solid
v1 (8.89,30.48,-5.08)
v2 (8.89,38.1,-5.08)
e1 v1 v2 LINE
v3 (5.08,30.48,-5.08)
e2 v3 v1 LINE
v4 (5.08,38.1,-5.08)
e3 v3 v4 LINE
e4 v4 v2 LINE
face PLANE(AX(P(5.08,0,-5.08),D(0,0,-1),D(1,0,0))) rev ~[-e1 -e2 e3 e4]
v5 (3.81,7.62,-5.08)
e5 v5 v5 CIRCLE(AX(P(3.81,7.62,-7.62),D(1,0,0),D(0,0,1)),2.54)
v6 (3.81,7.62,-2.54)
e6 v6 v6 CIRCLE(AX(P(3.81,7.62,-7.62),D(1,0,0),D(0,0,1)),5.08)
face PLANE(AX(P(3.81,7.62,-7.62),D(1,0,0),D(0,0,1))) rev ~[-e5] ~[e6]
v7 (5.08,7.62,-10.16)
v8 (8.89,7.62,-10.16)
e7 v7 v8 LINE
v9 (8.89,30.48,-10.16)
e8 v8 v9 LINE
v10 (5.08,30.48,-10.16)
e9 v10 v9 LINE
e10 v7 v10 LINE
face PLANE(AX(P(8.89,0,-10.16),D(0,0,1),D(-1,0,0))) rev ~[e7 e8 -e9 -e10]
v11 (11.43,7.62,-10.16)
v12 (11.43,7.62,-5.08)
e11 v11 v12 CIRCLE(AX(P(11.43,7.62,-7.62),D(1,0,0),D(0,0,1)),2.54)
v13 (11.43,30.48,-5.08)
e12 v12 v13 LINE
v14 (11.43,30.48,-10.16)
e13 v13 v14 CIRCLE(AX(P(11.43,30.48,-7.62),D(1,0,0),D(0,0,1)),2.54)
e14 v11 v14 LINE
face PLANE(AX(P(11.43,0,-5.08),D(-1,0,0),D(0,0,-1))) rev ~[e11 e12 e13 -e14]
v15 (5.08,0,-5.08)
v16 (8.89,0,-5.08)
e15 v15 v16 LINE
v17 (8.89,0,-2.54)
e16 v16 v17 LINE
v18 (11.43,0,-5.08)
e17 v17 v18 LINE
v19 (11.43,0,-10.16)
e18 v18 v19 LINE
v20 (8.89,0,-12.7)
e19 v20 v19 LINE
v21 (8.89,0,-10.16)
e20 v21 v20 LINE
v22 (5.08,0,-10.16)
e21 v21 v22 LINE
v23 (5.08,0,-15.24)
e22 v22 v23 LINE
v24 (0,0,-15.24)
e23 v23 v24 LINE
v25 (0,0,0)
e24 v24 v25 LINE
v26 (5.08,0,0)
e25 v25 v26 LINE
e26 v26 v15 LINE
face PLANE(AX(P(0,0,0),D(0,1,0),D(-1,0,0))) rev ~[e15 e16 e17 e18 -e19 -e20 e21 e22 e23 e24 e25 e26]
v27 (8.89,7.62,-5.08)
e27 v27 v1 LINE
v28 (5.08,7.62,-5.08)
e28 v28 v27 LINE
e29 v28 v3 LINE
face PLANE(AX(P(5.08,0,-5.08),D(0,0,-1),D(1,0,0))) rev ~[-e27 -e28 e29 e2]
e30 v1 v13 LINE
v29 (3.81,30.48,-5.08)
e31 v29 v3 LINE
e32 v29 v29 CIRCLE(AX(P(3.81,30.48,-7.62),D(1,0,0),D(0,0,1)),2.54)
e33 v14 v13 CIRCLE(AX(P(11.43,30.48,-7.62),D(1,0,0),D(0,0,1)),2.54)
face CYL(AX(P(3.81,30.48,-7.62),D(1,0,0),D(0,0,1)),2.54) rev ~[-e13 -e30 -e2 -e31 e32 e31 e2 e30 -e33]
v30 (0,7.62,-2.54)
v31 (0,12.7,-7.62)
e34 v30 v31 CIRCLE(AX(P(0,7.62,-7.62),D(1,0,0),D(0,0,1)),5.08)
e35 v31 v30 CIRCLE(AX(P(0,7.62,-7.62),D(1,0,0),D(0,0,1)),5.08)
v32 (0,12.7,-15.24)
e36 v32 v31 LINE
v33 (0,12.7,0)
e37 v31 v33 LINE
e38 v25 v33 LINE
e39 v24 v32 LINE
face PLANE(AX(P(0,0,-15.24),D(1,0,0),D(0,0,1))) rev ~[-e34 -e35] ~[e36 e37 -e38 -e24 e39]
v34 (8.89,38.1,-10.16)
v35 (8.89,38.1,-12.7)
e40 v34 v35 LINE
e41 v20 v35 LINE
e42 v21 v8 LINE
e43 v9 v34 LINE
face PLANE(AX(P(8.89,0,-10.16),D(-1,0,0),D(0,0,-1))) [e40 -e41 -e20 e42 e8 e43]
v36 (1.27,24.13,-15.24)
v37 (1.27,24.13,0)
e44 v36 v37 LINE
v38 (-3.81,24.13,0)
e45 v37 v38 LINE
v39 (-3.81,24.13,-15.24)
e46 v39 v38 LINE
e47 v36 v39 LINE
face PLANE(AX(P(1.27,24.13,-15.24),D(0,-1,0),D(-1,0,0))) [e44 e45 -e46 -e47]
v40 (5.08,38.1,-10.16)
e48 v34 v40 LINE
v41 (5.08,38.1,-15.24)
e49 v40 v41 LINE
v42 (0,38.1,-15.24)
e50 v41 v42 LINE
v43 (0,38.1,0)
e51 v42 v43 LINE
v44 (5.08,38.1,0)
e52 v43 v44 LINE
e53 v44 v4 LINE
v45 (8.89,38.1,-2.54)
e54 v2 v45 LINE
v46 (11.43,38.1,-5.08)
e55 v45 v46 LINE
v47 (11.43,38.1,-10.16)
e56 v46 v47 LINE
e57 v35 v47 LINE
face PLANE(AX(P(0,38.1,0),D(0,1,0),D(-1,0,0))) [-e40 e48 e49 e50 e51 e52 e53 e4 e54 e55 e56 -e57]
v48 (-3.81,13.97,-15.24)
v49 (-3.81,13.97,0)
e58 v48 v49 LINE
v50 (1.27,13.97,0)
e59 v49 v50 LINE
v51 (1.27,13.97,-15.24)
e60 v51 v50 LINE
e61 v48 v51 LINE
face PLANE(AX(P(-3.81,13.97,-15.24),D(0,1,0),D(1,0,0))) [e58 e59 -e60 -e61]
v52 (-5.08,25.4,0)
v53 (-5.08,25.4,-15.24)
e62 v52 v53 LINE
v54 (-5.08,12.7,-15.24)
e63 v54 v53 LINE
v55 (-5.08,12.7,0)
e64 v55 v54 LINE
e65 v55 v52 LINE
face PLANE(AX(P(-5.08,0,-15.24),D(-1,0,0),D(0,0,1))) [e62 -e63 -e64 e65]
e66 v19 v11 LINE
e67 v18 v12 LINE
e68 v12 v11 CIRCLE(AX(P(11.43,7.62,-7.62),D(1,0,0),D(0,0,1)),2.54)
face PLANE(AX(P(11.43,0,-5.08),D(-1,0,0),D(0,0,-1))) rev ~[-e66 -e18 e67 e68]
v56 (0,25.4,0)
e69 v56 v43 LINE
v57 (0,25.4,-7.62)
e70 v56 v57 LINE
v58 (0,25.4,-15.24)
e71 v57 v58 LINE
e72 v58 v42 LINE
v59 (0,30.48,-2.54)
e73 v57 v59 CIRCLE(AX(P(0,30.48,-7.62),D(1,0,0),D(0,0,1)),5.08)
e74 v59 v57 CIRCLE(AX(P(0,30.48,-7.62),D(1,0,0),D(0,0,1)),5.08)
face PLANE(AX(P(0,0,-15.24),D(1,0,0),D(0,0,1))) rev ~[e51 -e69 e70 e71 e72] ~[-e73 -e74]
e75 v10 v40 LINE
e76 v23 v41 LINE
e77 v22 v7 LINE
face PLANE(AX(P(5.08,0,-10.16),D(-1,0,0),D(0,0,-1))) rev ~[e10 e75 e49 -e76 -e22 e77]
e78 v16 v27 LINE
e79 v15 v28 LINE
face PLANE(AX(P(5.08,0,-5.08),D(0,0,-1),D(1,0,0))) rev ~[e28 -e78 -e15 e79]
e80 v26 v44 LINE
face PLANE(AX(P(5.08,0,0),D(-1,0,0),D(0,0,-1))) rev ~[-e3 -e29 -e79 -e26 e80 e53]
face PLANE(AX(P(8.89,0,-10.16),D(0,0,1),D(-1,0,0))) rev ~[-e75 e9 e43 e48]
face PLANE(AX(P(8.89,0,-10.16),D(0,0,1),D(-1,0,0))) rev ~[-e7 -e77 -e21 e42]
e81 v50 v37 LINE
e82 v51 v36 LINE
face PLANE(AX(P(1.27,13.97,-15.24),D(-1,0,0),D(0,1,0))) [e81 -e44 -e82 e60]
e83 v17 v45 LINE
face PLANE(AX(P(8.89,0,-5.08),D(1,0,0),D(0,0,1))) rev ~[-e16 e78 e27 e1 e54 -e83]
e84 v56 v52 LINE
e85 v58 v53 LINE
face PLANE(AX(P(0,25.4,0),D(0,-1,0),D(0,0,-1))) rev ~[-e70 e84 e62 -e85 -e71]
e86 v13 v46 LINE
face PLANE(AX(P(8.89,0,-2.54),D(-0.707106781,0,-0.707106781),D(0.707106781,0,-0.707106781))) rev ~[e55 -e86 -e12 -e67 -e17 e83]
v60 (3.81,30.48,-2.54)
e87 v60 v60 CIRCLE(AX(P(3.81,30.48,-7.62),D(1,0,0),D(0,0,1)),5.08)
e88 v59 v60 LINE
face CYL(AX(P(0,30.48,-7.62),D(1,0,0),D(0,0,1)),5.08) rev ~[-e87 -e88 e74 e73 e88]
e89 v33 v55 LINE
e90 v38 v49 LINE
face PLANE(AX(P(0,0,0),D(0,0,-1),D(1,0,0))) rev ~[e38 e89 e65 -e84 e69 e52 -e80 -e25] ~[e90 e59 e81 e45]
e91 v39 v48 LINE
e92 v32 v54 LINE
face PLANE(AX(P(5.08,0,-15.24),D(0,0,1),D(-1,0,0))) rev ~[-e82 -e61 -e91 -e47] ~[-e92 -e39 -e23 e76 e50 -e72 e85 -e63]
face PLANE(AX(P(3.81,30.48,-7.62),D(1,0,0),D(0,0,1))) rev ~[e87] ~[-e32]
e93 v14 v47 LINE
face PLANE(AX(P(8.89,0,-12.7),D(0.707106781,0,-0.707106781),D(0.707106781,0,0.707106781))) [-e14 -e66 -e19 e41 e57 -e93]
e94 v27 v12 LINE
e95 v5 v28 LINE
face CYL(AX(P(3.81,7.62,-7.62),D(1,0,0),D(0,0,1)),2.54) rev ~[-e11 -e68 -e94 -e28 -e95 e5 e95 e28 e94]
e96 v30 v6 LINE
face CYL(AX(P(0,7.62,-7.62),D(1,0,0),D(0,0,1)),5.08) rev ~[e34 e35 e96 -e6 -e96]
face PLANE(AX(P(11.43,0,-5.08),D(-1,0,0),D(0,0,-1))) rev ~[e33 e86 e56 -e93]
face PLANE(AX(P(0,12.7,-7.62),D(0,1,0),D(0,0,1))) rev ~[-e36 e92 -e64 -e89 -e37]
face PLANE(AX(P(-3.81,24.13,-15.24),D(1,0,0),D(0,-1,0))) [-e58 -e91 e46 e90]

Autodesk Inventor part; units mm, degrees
ref_plane "YZ Plane" through (0, 0, 0) normal (1, 0, 0) x (0, 1, 0)
ref_plane "XZ Plane" through (0, 0, 0) normal (0, 1, 0) x (-1, 0, 0)
ref_plane "XY Plane" through (0, 0, 0) normal (0, 0, 1) x (1, 0, 0)
sketch "Sketch1" plane through (0, 0, 0) normal (0, 1, 0) x (-1, 0, 0)
  line L0 (0, 0) -> (-5.08, 0)
  line L1 (-5.08, 0) -> (-5.08, -15.24)
  line L2 (-5.08, -15.24) -> (0, -15.24)
  line L3 (0, -15.24) -> (0, 0)
  line L4 (-5.08, -7.62) -> (-5.08, -5.08)
  line L5 (-5.08, -5.08) -> (-8.89, -5.08)
  line L6 (-8.89, -5.08) -> (-8.89, -2.54)
  line L7 (-8.89, -5.08) -> (-11.43, -5.08)
  line L8 (-11.43, -5.08) -> (-11.43, -10.16)
  line L9 (-11.43, -10.16) -> (-5.08, -10.16)
  line L10 (-8.89, -10.16) -> (-8.89, -12.7)
  line L11 (-8.89, -12.7) -> (-11.43, -10.16)
  line L12 (-8.89, -2.54) -> (-11.43, -5.08)
  dimension "d0" = 5.08
  dimension "d1" = 15.24
  dimension "d2" = 2.54
  dimension "d3" = 3.81
  dimension "d4" = 2.54
  dimension "d5" = 2.54
  dimension "d6" = 5.08
  dimension "d7" = 2.54
extrude "Extrusion1" add sketch "Sketch1" along normal blind 38.1
sketch "Sketch2" plane through (0, 0, -15.24) normal (-1, 0, 0) x (0, 0, 1)
  line L0 (10.16, 0) -> (5.08, 0) projected
  line L1 (7.62, 0) -> (7.62, 7.62)
  line L2 (10.16, 38.1) -> (5.08, 38.1) projected
  line L3 (7.62, 38.1) -> (7.62, 30.48)
  point P0 (15.24, 0)
  dimension "d10" = 7.62
  dimension "d11" = 7.62
hole "Hole1" at (0, 7.62, -7.62) at (0, 30.48, -7.62) direction (1, 0, 0) diameter 5.08 end through all counterbore diameter 10.16 counterbore depth 3.81
sketch "Sketch3" plane through (0, 0, -15.24) normal (-1, 0, 0) x (0, 0, 1)
  circle A0 centre (7.62, 7.62) radius 5.08 projected
  circle A1 centre (7.62, 30.48) radius 5.08 projected
  line L0 (0, 0) -> (0, 38.1) projected
  line L1 (15.24, 0) -> (15.24, 38.1) projected
  line L2 (0, 12.7) -> (15.24, 12.7)
  line L3 (15.24, 12.7) -> (15.24, 25.4)
  line L4 (15.24, 25.4) -> (0, 25.4)
  line L5 (0, 25.4) -> (0, 12.7)
  dimension "d19" = 12.7
  dimension "d20" = 12.7
extrude "Extrusion2" add sketch "Sketch3" along normal blind 5.08 contours L2 L0 L4 L1
sketch "Sketch4" plane through (5.08, 0, -15.24) normal (0, 0, -1) x (-1, 0, 0)
  line L0 (10.16, 12.7) -> (10.16, 25.4) projected
  line L1 (10.16, 12.7) -> (8.89, 12.7)
  line L2 (8.89, 12.7) -> (8.89, 13.97)
  line L3 (8.89, 13.97) -> (10.16, 13.97)
  line L4 (10.16, 13.97) -> (10.16, 12.7)
  line L5 (8.89, 13.97) -> (3.81, 13.97)
  line L6 (3.81, 13.97) -> (3.81, 24.13)
  line L7 (3.81, 24.13) -> (8.89, 24.13)
  line L8 (8.89, 24.13) -> (8.89, 13.97)
  point P0 (5.08, 0)
  dimension "d23" = 1.27
  dimension "d24" = 1.27
  dimension "d25" = 5.08
  dimension "d26" = 10.16
extrude "Extrusion3" cut sketch "Sketch4" against normal blind 15.24 contours L5 L6 L7 L8
properties part number "Mount Female"
